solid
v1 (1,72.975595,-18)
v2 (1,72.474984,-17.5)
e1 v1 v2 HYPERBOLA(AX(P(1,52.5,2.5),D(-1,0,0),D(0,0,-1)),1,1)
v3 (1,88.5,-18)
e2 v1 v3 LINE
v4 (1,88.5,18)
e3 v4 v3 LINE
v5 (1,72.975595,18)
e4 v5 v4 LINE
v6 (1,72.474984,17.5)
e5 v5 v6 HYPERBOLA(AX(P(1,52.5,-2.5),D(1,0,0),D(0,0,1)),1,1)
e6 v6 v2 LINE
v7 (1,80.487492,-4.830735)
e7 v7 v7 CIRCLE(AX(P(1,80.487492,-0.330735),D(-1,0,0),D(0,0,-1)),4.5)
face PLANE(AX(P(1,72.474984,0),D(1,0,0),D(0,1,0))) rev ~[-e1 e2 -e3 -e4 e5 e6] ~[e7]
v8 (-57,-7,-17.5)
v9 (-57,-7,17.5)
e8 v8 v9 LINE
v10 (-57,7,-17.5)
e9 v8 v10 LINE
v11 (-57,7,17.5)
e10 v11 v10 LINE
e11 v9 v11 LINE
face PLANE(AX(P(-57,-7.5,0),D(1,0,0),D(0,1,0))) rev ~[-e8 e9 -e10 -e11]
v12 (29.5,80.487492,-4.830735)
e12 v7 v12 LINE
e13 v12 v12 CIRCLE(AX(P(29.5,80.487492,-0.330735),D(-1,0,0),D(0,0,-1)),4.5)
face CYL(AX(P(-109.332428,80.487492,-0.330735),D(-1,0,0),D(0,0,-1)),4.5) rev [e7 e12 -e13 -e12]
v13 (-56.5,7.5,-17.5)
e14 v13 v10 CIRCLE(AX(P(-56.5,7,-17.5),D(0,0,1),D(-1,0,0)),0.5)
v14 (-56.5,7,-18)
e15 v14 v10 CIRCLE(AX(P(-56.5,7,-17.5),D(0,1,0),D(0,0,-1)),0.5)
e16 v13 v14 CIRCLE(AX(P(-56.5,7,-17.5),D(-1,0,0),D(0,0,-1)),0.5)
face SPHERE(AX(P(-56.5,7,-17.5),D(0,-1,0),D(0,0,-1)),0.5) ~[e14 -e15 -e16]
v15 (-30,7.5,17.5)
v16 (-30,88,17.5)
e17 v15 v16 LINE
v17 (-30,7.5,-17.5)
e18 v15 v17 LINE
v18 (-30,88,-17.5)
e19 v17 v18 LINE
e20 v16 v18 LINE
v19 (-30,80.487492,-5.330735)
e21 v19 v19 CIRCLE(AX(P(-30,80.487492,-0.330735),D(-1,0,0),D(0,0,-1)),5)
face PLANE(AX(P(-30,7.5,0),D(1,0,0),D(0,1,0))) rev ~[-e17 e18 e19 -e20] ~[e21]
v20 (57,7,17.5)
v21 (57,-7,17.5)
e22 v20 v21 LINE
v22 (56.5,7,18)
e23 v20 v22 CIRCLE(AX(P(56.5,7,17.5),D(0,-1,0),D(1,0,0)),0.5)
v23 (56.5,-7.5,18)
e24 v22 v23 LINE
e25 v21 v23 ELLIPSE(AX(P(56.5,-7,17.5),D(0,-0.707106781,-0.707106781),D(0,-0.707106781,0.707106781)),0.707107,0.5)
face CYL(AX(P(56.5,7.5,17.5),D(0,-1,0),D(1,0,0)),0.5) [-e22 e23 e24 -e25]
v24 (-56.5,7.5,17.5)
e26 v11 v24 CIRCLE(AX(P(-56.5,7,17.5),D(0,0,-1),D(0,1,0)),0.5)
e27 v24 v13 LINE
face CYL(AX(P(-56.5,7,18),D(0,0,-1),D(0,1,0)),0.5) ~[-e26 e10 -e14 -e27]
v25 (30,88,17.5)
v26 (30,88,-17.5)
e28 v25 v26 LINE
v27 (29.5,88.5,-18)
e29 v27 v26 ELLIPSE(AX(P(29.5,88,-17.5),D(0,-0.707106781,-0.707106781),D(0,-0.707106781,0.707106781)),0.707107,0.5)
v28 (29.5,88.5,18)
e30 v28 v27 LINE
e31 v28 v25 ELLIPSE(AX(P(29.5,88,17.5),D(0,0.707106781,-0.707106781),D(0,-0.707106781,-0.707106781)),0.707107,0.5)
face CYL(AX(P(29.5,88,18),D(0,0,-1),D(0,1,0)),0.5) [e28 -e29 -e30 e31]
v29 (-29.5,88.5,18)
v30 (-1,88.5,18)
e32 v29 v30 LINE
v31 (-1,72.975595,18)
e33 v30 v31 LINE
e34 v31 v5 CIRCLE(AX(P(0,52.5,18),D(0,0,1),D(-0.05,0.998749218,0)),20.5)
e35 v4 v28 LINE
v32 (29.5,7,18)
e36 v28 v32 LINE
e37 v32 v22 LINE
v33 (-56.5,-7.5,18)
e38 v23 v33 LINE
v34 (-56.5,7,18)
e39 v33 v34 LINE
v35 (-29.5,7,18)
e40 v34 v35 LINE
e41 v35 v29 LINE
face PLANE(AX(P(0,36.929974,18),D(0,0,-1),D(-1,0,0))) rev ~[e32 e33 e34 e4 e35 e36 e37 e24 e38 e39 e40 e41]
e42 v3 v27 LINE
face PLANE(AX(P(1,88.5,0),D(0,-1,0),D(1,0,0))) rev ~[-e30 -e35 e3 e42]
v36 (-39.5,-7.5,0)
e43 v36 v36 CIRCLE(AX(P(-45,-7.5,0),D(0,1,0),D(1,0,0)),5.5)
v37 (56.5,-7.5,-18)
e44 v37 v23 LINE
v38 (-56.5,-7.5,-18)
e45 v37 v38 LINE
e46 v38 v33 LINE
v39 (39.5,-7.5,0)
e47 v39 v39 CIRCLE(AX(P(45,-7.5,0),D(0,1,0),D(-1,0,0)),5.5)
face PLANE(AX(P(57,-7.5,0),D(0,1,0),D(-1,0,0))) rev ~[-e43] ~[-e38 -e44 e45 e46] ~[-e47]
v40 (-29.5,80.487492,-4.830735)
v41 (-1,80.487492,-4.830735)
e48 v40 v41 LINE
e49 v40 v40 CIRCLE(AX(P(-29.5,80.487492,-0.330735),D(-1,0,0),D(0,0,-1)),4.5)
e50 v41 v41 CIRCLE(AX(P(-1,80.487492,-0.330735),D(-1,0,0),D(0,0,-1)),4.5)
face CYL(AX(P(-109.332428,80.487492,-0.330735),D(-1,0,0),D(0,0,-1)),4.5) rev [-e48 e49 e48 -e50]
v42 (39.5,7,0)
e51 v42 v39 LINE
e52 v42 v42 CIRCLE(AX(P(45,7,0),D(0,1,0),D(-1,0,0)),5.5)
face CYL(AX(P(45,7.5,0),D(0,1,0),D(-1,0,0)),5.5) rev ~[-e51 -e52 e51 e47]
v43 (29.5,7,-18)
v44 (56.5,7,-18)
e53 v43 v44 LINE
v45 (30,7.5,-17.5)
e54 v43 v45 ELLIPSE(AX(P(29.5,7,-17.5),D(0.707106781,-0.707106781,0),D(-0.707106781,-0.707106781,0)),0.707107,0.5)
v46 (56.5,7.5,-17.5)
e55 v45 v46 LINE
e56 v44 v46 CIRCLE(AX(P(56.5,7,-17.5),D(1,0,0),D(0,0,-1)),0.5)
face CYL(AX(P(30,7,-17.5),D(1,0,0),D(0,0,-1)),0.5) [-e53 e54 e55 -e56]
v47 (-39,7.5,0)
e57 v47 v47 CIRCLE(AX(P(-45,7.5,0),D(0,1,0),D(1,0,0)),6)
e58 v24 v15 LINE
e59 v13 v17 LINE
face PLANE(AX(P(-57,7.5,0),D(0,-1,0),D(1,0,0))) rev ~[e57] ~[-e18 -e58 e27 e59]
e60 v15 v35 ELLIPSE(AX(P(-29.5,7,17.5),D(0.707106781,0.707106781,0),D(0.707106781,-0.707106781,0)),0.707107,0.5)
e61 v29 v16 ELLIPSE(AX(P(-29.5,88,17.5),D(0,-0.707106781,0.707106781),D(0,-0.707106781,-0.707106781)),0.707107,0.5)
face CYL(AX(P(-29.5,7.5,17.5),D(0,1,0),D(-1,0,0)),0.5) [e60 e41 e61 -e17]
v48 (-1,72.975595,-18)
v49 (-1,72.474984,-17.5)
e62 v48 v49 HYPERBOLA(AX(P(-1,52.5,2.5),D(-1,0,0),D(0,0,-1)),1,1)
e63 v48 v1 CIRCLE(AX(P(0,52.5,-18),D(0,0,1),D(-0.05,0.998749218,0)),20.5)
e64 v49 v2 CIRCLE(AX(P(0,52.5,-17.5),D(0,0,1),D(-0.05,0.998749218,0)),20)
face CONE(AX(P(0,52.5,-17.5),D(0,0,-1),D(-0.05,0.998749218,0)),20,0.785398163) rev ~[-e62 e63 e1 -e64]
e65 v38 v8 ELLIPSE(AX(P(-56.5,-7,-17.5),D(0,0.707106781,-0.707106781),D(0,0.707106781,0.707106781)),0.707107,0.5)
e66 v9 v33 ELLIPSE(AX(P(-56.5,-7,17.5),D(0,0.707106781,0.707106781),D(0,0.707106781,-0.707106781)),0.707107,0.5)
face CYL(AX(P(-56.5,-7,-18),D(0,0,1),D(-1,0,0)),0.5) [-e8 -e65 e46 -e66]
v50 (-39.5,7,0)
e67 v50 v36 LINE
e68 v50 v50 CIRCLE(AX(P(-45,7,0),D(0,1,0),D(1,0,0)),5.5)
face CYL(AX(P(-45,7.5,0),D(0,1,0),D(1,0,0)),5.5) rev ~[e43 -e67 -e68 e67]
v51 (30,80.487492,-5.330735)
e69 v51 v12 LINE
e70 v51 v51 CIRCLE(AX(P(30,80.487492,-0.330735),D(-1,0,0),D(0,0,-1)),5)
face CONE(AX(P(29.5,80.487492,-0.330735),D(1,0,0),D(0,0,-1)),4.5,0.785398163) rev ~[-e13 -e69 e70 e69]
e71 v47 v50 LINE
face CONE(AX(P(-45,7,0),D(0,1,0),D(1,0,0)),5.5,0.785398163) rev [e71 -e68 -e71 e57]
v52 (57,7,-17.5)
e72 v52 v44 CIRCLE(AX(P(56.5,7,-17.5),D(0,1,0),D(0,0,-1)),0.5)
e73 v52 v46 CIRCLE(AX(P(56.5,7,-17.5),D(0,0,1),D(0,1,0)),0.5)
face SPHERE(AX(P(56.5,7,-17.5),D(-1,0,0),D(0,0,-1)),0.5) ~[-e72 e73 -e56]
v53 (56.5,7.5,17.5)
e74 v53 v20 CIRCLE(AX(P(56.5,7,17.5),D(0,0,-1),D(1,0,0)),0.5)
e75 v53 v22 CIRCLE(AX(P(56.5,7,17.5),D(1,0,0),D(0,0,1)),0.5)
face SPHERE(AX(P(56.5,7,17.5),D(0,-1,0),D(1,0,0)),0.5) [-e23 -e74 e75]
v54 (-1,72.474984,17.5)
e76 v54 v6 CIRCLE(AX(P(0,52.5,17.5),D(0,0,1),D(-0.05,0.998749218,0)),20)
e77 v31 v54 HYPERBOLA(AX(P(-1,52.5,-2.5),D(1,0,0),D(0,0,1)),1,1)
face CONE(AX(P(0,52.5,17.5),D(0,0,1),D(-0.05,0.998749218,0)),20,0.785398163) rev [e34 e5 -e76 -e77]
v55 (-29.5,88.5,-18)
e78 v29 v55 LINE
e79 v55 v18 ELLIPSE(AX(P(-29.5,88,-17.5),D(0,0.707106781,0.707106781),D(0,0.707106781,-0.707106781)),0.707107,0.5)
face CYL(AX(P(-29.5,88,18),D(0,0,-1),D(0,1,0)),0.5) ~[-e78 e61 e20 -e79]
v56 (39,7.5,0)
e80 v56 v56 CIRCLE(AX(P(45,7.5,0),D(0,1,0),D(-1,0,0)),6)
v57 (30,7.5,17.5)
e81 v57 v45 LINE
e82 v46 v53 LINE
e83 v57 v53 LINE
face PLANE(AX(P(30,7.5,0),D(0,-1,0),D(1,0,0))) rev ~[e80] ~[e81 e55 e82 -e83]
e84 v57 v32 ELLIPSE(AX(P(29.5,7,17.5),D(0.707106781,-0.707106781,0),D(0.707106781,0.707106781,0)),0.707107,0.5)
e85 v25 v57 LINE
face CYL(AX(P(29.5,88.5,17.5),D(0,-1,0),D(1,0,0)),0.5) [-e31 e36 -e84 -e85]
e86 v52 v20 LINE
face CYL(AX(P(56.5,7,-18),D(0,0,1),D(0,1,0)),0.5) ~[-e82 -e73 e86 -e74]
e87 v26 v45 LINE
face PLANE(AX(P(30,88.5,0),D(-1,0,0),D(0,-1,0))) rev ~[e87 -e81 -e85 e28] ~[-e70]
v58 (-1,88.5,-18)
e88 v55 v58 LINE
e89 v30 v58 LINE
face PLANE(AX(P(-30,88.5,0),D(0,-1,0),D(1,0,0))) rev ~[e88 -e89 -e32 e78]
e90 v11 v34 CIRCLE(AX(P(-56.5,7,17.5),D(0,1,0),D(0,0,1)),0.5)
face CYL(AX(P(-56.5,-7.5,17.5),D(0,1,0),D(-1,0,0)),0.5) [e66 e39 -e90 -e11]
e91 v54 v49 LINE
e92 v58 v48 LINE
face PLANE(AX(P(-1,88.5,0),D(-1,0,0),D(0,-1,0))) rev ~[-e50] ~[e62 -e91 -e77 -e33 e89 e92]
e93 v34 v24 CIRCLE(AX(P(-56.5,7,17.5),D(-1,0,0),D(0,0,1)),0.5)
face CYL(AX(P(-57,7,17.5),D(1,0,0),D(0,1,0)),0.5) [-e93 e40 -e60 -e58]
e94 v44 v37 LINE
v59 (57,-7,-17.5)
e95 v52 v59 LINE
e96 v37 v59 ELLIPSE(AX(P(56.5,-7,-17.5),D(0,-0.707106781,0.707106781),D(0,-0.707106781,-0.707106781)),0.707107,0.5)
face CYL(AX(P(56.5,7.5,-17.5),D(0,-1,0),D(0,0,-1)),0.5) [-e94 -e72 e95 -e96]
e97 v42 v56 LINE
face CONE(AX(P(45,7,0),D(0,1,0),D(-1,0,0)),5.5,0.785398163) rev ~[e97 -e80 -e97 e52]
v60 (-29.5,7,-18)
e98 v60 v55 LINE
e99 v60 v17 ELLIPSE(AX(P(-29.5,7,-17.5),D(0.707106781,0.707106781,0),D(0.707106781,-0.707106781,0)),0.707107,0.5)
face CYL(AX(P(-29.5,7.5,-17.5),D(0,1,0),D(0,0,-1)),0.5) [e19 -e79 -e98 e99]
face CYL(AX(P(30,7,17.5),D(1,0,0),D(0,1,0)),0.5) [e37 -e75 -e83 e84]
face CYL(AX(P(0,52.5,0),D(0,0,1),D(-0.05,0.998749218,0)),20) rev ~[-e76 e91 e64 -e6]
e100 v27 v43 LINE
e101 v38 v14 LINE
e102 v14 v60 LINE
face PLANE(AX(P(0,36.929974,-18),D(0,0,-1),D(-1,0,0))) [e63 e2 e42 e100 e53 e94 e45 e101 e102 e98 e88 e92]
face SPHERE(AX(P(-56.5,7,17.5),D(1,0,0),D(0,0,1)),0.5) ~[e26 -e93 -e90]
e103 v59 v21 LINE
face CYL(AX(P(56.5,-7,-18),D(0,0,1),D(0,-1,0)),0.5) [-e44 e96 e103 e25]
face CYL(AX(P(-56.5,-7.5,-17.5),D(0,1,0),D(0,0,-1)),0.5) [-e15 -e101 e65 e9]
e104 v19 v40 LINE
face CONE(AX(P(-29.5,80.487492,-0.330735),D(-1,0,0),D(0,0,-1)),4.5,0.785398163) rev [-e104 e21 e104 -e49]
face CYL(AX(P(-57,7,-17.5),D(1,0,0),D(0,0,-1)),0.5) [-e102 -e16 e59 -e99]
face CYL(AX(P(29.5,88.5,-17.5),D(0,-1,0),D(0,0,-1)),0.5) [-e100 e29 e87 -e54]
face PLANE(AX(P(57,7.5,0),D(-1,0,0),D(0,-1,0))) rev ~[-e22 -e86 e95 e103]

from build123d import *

# Parameters (mm, degrees)
BOSS_EXTRUDE1_DEPTH     = 18
SKETCH2_R               = 5.5
CUT_EXTRUDE1_DEPTH      = 101.667770413
CUT_EXTRUDE2_DEPTH      = 108.332427532
CUT_EXTRUDE2_DEPTH_BACK = 108.332427532
SKETCH5_R               = 4.5
CHAMFER2_SIZE           = 0.5
FILLET2_R               = 0.5


with BuildPart() as part:
    # Sketch1 → Boss-Extrude1 (new, symmetric)
    with BuildSketch(Plane.XY):
        with BuildLine():
            Line((-57, -7.5), (-57, 7.5))
            Line((-57, 7.5), (-30, 7.5))
            Line((-30, 7.5), (-30, 88.5))
            Line((-30, 88.5), (-1, 88.5))
            Line((-1, 88.5), (-1, 72.474984355))
            ThreePointArc((-1, 72.474984355), (0, 32.5), (1, 72.474984355))
            Line((1, 72.474984355), (1, 88.5))
            Line((1, 88.5), (30, 88.5))
            Line((30, 88.5), (30, 7.5))
            Line((30, 7.5), (57, 7.5))
            Line((57, 7.5), (57, -7.5))
            Line((57, -7.5), (-57, -7.5))
        make_face()
    extrude(amount=BOSS_EXTRUDE1_DEPTH, both=True)

    # Sketch2 → Cut-Extrude1 (cut, through all)
    with BuildSketch(Plane(origin=(0, 7.5, 0), x_dir=(1, 0, 0), z_dir=(0, 1, 0))):
        with Locations(Location((45, 0, 0), (0, 0, 180))):
            Circle(SKETCH2_R)
        with Locations((-45, 0)):
            Circle(SKETCH2_R)
    extrude(amount=-CUT_EXTRUDE1_DEPTH, mode=Mode.SUBTRACT)

    # Sketch5 → Cut-Extrude2 (cut, two sides: drawn at the far end of the back side and taken through both)
    with BuildSketch(Plane(origin=(-1, 0, 0), x_dir=(0, 0, -1), z_dir=(1, 0, 0)).offset(-CUT_EXTRUDE2_DEPTH_BACK)):
        with Locations((0.330734984, 80.487492178)):
            Circle(SKETCH5_R)
    extrude(amount=CUT_EXTRUDE2_DEPTH + CUT_EXTRUDE2_DEPTH_BACK, mode=Mode.SUBTRACT)

    # Chamfer2
    chamfer2_edges = [part.edges().sort_by_distance(p)[0] for p in [
        (0, 32.5, -18),
        (0, 32.5, 18),
        (50.5, 7.5, 0),
        (-50.5, 7.5, 0),
        (-30, 80.487492178, 4.169265016),
        (30, 80.487492178, 4.169265016),
    ]]
    chamfer(chamfer2_edges, length=CHAMFER2_SIZE)

    # Fillet2
    fillet2_edges = [part.edges().sort_by_distance(p)[0] for p in [
        (-43.5, 7.5, 18),
        (30, 48, -18),
        (43.5, 7.5, -18),
        (-57, 0, 18),
        (57, 0, -18),
        (-57, 0, -18),
        (-43.5, 7.5, -18),
        (-30, 48, -18),
        (57, 0, 18),
        (30, 88.5, 0),
        (57, 7.5, 0),
        (57, -7.5, 0),
        (-57, -7.5, 0),
        (-57, 7.5, 0),
        (-30, 88.5, 0),
        (43.5, 7.5, 18),
        (30, 48, 18),
        (-30, 48, 18),
    ]]
    fillet(fillet2_edges, radius=FILLET2_R)


solid = part.part
